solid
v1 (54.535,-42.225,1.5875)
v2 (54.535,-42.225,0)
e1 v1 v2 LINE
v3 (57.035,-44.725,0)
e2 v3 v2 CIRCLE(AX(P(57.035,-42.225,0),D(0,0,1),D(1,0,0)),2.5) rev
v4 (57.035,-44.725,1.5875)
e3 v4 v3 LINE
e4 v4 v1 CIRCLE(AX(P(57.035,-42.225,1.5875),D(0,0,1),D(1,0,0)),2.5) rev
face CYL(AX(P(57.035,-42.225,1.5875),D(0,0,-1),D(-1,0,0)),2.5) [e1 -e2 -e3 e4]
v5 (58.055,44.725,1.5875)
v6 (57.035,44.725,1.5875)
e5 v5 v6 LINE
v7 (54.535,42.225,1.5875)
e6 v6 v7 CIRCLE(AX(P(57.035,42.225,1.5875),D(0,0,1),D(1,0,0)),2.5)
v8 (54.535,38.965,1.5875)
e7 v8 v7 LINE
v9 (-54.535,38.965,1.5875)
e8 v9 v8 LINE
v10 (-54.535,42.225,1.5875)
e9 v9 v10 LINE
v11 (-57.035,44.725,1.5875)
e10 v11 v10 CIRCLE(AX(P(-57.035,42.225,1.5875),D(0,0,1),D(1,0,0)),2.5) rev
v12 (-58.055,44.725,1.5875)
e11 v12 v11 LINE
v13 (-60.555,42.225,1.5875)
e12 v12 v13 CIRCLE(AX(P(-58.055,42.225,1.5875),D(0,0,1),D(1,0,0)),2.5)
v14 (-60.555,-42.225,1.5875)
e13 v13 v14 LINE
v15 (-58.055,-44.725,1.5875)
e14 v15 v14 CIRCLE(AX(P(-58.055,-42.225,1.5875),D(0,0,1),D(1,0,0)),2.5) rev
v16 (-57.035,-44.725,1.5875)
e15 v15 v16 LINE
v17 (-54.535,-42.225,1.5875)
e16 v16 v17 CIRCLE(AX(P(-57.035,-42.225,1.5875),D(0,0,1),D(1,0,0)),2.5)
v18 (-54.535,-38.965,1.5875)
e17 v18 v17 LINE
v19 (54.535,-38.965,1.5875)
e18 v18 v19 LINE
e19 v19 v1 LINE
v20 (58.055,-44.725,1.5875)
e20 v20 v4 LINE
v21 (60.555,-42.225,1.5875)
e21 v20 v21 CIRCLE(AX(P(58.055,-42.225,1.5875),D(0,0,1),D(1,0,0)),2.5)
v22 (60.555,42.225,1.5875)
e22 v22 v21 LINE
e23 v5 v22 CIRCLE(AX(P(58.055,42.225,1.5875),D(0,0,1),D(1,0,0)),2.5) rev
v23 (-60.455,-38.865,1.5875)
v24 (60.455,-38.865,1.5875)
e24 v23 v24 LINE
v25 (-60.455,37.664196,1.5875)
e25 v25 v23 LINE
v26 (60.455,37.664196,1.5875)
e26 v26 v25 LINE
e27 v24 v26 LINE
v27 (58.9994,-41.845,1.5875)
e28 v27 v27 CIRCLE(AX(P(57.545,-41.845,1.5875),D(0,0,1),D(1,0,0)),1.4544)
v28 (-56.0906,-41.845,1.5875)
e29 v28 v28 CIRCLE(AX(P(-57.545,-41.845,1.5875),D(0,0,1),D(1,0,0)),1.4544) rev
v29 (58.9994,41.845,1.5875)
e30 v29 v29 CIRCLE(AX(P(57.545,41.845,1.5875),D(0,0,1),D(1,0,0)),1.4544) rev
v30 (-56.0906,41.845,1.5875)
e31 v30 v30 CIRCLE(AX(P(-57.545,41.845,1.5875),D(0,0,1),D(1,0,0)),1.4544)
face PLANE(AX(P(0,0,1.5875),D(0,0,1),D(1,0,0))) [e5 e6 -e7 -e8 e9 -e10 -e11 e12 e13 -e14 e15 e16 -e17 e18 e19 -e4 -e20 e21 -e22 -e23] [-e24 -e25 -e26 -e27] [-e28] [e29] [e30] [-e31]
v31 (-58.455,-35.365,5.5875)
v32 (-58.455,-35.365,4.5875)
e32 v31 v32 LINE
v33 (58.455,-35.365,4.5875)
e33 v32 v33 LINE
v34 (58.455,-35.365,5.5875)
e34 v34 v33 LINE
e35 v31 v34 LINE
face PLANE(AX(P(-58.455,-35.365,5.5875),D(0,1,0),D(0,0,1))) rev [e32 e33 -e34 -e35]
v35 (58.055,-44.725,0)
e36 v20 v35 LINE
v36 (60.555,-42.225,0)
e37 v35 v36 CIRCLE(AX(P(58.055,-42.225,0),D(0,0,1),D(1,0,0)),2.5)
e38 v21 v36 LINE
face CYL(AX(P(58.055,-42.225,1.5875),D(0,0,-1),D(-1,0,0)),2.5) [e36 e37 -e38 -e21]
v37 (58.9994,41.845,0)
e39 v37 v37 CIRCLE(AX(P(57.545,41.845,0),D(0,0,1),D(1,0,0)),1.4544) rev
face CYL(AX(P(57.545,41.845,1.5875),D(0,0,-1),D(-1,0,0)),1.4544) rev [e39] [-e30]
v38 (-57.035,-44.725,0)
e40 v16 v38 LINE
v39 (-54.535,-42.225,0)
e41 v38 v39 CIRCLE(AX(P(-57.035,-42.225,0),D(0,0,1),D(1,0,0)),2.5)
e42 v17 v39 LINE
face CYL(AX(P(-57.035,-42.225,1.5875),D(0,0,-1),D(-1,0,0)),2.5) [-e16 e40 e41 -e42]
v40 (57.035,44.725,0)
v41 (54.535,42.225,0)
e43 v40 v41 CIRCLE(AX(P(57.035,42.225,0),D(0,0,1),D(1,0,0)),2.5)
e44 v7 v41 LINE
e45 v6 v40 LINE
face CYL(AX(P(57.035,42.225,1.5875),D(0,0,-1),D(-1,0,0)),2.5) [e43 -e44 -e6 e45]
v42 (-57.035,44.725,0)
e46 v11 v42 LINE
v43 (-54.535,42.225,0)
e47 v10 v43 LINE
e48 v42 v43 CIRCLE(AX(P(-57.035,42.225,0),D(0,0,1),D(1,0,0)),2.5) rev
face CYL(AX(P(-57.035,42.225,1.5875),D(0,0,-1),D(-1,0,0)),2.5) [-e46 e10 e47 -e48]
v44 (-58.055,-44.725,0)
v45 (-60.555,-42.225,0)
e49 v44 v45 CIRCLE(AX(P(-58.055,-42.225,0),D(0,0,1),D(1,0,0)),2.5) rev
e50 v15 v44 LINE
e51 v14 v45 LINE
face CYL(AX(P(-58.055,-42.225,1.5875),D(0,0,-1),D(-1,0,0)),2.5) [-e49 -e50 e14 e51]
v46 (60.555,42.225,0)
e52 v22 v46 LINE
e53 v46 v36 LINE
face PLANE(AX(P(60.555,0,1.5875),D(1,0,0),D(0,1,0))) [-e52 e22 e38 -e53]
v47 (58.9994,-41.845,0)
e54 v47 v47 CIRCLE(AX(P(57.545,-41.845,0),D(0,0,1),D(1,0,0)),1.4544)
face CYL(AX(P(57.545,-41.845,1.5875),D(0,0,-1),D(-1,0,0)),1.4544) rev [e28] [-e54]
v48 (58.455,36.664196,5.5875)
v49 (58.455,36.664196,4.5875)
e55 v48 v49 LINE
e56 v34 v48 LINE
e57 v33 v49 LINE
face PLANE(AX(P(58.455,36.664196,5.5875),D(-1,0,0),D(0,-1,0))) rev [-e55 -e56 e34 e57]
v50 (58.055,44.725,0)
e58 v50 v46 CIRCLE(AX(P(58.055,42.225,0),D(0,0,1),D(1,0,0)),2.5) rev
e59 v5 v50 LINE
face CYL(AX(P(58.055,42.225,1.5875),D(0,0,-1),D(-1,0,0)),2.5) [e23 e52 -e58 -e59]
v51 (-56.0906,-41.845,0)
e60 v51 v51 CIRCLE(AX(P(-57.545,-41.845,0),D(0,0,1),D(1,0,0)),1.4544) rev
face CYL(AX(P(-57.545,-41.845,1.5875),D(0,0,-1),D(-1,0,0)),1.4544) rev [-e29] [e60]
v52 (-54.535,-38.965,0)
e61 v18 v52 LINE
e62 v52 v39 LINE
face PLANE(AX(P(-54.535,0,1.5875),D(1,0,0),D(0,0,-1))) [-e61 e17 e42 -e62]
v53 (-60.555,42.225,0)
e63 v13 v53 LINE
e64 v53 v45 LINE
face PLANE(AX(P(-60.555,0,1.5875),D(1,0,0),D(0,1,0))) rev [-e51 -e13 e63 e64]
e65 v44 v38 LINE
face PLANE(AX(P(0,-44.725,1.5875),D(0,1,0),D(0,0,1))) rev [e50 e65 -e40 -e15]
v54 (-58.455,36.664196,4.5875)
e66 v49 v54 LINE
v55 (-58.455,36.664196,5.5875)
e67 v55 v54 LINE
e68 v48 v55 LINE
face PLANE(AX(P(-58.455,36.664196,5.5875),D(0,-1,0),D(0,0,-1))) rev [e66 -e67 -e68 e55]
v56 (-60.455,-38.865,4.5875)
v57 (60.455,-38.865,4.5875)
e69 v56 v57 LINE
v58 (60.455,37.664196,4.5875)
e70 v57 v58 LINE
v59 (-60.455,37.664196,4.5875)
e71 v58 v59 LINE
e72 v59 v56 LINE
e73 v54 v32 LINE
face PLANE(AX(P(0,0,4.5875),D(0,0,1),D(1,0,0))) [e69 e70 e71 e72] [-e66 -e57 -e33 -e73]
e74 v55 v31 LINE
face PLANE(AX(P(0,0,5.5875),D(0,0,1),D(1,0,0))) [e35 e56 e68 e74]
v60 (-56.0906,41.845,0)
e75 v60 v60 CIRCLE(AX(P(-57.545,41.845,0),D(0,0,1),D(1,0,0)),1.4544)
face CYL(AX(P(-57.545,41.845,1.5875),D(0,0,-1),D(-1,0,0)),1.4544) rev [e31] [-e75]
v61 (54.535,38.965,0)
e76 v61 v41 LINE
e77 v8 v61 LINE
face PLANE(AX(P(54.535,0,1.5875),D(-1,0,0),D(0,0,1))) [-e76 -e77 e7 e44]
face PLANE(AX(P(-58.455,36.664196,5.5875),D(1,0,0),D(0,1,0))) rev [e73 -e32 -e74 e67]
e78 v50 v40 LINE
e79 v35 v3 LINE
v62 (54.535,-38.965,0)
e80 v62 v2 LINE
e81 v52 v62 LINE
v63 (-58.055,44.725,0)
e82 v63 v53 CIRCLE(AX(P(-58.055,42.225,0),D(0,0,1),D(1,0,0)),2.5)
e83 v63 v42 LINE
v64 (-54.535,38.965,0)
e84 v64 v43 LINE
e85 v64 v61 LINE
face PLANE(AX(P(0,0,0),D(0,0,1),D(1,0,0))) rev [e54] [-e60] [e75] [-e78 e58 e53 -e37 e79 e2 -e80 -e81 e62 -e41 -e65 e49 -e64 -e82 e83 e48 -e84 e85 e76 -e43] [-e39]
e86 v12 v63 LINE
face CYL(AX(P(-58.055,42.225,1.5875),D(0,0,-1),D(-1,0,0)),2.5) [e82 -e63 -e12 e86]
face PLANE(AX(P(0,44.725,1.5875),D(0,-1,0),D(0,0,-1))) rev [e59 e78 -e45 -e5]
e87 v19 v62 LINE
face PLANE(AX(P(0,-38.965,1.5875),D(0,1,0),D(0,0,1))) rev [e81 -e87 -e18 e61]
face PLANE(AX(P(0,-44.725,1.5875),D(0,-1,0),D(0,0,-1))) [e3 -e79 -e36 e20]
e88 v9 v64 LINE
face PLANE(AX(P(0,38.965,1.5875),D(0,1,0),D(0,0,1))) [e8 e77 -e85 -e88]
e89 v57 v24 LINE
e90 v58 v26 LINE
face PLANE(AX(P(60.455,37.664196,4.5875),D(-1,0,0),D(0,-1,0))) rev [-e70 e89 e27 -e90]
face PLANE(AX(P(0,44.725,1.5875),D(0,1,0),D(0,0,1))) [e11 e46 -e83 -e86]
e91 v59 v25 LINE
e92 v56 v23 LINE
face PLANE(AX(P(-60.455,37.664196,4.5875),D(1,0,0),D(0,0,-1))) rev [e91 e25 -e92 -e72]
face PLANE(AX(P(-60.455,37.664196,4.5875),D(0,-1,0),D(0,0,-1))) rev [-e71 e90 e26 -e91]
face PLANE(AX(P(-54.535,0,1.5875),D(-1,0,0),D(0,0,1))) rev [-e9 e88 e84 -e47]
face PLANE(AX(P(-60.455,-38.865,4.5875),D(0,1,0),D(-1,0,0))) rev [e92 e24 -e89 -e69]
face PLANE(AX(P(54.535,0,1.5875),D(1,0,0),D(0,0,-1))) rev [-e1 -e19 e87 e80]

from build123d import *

# Parameters (mm, degrees)
SKETCH1_W           = 121.11
SKETCH1_H           = 77.93
SKETCH1_R           = 1.454399876
BOSS_EXTRUDE1_DEPTH = 1.5875
SKETCH2_W           = 120.91
SKETCH2_H           = 76.529195788
BOSS_EXTRUDE2_DEPTH = 3
SKETCH3_W           = 116.91
SKETCH3_H           = 72.029195788
BOSS_EXTRUDE3_DEPTH = 1


with BuildPart() as part:
    # Sketch1 → Boss-Extrude1 (new body)
    # profile 1 of 5: a face of its own
    with BuildSketch(Plane.XY):
        Rectangle(SKETCH1_W, SKETCH1_H)
    # profile 2 of 5: a face of its own
    with BuildSketch(Plane.XY):
        with BuildLine():
            Line((54.535, 42.225), (54.535, 38.965))
            Line((54.535, 38.965), (60.555, 38.965))
            Line((60.555, 38.965), (60.555, 42.225))
            ThreePointArc((60.555, 42.225), (59.822766953, 43.992766953), (58.055, 44.725))
            Line((58.055, 44.725), (57.035, 44.725))
            ThreePointArc((57.035, 44.725), (55.267233047, 43.992766953), (54.535, 42.225))
        make_face()
        with Locations((57.545, 41.845)):
            Circle(SKETCH1_R, mode=Mode.SUBTRACT)
    # profile 3 of 5: a face of its own
    with BuildSketch(Plane.XY):
        with BuildLine():
            Line((60.555, -38.965), (54.535, -38.965))
            Line((54.535, -38.965), (54.535, -42.225))
            ThreePointArc((54.535, -42.225), (55.267233047, -43.992766953), (57.035, -44.725))
            Line((57.035, -44.725), (58.055, -44.725))
            ThreePointArc((58.055, -44.725), (59.822766953, -43.992766953), (60.555, -42.225))
            Line((60.555, -42.225), (60.555, -38.965))
        make_face()
        with Locations((57.545, -41.845)):
            Circle(SKETCH1_R, mode=Mode.SUBTRACT)
    # profile 4 of 5: a face of its own
    with BuildSketch(Plane.XY):
        with BuildLine():
            Line((-60.555, 42.225), (-60.555, 38.965))
            Line((-60.555, 38.965), (-54.535, 38.965))
            Line((-54.535, 38.965), (-54.535, 42.225))
            ThreePointArc((-54.535, 42.225), (-55.267233047, 43.992766953), (-57.035, 44.725))
            Line((-57.035, 44.725), (-58.055, 44.725))
            ThreePointArc((-58.055, 44.725), (-59.822766953, 43.992766953), (-60.555, 42.225))
        make_face()
        with Locations((-57.545, 41.845)):
            Circle(SKETCH1_R, mode=Mode.SUBTRACT)
    # profile 5 of 5: a face of its own
    with BuildSketch(Plane.XY):
        with BuildLine():
            Line((-54.535, -38.965), (-60.555, -38.965))
            Line((-60.555, -38.965), (-60.555, -42.225))
            ThreePointArc((-60.555, -42.225), (-59.822766953, -43.992766953), (-58.055, -44.725))
            Line((-58.055, -44.725), (-57.035, -44.725))
            ThreePointArc((-57.035, -44.725), (-55.267233047, -43.992766953), (-54.535, -42.225))
            Line((-54.535, -42.225), (-54.535, -38.965))
        make_face()
        with Locations((-57.545, -41.845)):
            Circle(SKETCH1_R, mode=Mode.SUBTRACT)
    extrude(amount=BOSS_EXTRUDE1_DEPTH)

    # Sketch2 → Boss-Extrude2 (add)
    with BuildSketch(Plane.XY.offset(1.5875)):
        with Locations((0, -0.600402106)):
            Rectangle(SKETCH2_W, SKETCH2_H)
    extrude(amount=BOSS_EXTRUDE2_DEPTH)

    # Sketch3 → Boss-Extrude3 (add)
    with BuildSketch(Plane.XY.offset(4.5875)):
        with Locations((0, 0.649597894)):
            Rectangle(SKETCH3_W, SKETCH3_H)
    extrude(amount=BOSS_EXTRUDE3_DEPTH)


solid = part.part
